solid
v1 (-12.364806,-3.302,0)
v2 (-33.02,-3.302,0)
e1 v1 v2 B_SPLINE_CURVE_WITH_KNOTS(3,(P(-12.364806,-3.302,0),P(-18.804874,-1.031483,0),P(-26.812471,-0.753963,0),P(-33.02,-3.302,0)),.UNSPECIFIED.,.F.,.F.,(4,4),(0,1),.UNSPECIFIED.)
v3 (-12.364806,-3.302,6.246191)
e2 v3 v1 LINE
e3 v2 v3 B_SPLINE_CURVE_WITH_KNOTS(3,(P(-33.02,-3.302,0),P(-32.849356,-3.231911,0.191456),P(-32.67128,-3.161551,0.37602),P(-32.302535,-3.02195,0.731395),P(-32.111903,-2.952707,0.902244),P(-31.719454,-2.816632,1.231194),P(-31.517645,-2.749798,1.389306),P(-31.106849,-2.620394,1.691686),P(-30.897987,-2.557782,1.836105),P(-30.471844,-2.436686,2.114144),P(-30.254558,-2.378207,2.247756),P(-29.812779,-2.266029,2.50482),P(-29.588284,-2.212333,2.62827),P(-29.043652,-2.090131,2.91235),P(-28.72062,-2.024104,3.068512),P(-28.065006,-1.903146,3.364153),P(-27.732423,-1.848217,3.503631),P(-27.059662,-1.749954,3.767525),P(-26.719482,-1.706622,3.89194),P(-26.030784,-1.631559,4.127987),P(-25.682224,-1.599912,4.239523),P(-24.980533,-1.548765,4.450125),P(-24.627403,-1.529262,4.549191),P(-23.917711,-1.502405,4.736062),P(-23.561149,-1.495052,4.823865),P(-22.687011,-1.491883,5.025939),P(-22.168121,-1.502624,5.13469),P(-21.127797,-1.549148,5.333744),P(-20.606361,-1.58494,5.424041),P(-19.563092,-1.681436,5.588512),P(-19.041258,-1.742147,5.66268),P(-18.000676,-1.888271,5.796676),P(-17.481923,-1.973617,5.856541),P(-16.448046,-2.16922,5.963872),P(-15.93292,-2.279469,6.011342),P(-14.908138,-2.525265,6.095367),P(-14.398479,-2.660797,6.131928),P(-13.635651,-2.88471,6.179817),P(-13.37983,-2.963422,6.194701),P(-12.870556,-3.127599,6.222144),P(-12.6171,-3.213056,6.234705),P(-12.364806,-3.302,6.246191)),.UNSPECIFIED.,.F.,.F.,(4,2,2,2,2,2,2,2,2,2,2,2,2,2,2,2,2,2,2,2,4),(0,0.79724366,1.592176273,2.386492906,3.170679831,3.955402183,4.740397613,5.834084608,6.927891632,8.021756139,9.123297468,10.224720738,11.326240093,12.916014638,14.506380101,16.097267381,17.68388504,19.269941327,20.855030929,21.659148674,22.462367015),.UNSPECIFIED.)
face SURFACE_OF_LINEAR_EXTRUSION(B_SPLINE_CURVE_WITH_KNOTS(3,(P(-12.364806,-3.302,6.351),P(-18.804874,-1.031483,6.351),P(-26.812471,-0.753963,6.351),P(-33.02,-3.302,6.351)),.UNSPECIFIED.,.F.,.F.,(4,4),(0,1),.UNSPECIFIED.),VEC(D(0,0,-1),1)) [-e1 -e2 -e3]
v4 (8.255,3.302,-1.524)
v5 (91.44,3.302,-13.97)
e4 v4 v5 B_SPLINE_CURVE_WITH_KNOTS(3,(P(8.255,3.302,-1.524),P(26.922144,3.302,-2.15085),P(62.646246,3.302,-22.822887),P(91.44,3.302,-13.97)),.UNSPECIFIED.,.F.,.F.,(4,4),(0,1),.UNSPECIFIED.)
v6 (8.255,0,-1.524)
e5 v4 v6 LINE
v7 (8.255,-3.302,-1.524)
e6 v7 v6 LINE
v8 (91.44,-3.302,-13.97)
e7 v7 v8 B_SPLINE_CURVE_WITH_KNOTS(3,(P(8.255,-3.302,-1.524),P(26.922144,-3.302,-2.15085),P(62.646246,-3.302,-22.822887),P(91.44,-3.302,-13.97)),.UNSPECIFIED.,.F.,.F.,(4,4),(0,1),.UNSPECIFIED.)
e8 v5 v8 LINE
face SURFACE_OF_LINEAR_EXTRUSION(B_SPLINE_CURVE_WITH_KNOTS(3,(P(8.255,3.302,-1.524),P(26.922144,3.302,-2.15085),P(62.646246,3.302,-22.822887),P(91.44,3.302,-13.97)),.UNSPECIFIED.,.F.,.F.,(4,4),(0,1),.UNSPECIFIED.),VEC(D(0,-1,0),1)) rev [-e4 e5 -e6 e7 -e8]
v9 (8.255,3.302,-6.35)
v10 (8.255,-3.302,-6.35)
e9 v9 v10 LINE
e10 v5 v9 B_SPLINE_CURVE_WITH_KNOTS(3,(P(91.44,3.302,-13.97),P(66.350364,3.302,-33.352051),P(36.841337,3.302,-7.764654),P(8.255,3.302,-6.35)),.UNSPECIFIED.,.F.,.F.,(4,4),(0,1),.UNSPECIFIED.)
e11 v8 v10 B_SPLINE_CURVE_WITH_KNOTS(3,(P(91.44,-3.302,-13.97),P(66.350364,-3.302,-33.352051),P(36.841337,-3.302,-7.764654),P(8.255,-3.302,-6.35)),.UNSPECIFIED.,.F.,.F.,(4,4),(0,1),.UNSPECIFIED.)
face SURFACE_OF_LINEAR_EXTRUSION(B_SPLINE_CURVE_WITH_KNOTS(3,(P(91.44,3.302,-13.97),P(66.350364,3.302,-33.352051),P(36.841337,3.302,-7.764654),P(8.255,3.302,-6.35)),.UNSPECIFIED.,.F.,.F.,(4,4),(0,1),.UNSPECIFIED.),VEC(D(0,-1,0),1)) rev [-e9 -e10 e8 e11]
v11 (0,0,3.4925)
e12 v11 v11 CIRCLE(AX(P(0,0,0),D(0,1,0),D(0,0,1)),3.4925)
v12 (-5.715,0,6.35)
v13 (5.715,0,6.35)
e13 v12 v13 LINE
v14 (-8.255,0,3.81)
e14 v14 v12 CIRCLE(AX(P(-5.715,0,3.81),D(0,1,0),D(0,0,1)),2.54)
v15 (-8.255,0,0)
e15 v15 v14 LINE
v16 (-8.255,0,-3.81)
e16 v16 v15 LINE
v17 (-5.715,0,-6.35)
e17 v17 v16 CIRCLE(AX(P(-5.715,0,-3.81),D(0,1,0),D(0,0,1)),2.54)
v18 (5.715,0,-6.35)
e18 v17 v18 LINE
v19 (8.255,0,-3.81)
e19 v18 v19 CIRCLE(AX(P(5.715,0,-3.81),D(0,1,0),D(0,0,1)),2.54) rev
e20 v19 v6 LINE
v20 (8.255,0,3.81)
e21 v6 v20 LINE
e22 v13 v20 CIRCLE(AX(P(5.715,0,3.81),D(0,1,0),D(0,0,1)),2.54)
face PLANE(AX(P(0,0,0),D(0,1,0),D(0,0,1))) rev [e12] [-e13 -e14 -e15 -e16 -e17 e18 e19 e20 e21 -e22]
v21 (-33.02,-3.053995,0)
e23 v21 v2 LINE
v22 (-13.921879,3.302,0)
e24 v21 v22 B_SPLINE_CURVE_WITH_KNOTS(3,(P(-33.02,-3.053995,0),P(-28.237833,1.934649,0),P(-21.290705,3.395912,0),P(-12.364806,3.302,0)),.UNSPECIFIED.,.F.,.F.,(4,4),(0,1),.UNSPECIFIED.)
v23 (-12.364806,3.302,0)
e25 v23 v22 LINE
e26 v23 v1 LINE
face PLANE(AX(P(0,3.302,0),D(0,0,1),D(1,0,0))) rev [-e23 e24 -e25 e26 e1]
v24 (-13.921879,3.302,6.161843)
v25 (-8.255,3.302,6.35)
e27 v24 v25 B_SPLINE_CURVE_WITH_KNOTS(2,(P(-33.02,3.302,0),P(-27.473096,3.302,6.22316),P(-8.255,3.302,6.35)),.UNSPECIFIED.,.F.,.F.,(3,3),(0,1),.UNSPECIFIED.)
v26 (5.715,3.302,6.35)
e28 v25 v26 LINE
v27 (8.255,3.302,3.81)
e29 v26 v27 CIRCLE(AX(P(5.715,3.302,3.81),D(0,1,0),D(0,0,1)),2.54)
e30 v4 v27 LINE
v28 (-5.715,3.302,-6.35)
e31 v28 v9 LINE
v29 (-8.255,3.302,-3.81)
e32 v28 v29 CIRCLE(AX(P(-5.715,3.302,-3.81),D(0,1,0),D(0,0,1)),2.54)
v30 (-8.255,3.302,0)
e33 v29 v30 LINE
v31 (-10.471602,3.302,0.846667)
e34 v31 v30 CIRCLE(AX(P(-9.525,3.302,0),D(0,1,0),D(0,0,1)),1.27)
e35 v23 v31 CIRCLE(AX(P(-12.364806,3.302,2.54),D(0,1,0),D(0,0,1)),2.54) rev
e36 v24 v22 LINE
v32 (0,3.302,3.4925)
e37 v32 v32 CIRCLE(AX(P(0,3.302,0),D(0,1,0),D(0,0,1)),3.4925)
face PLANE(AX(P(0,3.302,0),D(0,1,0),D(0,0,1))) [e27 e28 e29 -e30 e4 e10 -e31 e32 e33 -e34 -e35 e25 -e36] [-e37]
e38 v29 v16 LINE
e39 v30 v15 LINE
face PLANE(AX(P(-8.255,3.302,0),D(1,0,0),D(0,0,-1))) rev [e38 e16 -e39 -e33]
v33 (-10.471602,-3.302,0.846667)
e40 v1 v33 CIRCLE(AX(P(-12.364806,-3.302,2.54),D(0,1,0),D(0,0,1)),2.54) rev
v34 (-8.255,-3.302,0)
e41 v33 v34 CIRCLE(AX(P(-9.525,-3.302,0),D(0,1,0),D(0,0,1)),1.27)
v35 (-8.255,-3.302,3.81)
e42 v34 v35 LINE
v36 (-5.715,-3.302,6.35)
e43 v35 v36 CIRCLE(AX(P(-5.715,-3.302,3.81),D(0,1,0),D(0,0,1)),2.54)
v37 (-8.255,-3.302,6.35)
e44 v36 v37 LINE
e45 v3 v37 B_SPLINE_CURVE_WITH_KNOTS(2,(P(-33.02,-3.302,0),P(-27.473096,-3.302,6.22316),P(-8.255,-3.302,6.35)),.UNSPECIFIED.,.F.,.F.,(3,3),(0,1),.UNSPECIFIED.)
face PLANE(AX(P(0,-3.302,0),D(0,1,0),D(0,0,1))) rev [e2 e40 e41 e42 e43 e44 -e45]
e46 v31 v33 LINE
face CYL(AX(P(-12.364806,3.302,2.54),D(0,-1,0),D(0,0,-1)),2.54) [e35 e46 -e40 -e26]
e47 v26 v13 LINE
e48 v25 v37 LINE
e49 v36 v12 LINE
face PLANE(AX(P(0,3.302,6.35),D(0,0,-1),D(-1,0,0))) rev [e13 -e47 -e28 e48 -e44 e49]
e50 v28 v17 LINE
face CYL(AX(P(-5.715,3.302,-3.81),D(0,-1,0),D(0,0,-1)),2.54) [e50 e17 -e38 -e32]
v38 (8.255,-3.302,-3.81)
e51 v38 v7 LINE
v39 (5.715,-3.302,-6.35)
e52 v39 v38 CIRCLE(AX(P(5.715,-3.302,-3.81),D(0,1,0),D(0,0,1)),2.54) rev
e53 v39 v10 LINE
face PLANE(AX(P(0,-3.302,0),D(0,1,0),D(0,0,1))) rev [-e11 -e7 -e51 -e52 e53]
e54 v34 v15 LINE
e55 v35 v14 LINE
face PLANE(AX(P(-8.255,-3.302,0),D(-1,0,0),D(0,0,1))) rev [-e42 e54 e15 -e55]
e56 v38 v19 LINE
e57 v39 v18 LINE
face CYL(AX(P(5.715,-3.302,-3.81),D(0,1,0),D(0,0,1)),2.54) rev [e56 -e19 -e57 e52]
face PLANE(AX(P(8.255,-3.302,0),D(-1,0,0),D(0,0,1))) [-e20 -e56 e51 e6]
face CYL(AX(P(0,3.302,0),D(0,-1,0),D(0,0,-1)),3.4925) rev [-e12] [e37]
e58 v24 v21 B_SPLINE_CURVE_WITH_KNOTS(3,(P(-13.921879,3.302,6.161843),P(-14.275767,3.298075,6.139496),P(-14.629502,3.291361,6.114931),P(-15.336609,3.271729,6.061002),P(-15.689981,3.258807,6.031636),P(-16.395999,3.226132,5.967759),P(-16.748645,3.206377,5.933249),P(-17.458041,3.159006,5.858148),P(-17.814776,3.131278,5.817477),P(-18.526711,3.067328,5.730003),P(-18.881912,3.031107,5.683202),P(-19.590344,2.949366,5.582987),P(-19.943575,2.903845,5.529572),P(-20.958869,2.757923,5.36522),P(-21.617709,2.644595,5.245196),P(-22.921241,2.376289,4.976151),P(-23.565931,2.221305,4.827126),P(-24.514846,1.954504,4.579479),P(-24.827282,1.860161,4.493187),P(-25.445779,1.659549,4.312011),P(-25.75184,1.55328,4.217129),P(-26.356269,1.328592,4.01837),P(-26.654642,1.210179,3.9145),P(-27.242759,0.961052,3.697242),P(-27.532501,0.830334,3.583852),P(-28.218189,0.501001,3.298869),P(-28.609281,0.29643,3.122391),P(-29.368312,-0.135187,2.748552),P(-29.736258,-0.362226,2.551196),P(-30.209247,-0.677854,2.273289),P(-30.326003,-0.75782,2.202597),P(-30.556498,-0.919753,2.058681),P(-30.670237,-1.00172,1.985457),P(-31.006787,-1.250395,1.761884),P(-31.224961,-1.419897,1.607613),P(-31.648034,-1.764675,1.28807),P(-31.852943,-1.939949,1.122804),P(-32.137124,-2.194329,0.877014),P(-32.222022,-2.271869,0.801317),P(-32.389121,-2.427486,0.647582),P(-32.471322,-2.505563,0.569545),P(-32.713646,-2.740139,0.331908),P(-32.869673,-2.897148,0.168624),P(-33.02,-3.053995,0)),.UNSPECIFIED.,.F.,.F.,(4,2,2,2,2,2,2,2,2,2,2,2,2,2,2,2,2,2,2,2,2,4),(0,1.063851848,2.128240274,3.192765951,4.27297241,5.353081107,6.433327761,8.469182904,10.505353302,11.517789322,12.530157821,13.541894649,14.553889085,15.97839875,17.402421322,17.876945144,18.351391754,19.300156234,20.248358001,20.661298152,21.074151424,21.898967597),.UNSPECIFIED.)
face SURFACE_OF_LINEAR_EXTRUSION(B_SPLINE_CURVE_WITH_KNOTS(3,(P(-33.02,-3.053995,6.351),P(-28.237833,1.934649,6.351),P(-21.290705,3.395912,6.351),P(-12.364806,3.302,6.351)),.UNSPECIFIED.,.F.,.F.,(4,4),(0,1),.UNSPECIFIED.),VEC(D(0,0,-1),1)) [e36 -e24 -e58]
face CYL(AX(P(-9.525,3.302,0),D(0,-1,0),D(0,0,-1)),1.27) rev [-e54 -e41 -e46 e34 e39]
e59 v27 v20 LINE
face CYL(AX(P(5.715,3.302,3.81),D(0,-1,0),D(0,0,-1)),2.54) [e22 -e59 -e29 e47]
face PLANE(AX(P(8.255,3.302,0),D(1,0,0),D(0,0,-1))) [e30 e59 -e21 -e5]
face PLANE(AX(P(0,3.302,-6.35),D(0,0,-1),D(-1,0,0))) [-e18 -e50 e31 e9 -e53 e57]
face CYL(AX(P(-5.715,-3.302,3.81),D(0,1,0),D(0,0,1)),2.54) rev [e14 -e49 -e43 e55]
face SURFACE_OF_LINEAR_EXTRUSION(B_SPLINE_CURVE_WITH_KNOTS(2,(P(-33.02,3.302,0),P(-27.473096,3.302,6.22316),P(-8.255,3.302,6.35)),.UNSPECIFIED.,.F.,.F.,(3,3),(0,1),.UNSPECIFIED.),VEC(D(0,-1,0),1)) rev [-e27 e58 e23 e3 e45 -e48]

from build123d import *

# Parameters (mm, degrees)
SKETCH1_R           = 3.4925
BOSS_EXTRUDE3_DEPTH = 3.302
BOSS_EXTRUDE4_DEPTH = 3.302
BOSS_EXTRUDE5_DEPTH = 3.302
CUT_EXTRUDE1_REACH  = 8.35


with BuildPart() as part:
    # Sketch1 → Boss-Extrude3 (new body)
    with BuildSketch(Plane(origin=(0, 0, 0), x_dir=(1, 0, 0), z_dir=(0, 1, 0))):
        with BuildLine():
            ThreePointArc((-10.47160211, -0.846666667), (-11.327855674, -0.22130784), (-12.364806331, 0))
            Line((-12.364806331, 0), (-33.02, 0))
            add(Edge.make_bspline(
                [(-33.02, 0), (-27.473096433, -6.223159861), (-8.255, -6.35)],
                knots=[0, 0, 0, 1, 1, 1], degree=2))
            Line((-8.255, -6.35), (-8.255, -3.81))
            Line((-8.255, -3.81), (-8.255, 0))
            ThreePointArc((-8.255, 0), (-9.071835946, -1.186398896), (-10.47160211, -0.846666667))
        make_face()
        with BuildLine():
            ThreePointArc((5.715, 6.35), (7.511051224, 5.606051224), (8.255, 3.81))
            Line((8.255, 3.81), (8.255, -3.81))
            ThreePointArc((8.255, -3.81), (7.511051224, -5.606051224), (5.715, -6.35))
            Line((5.715, -6.35), (-5.715, -6.35))
            ThreePointArc((-5.715, -6.35), (-7.511051224, -5.606051224), (-8.255, -3.81))
            Line((-8.255, -3.81), (-8.255, 3.81))
            ThreePointArc((-8.255, 3.81), (-7.511051224, 5.606051224), (-5.715, 6.35))
            Line((-5.715, 6.35), (5.715, 6.35))
        make_face()
        with Locations(Location((0, 0, 0), (0, 0, 270))):  # turned: the seam where the file's is
            Circle(SKETCH1_R, mode=Mode.SUBTRACT)
        with BuildLine():
            ThreePointArc((-8.255, -3.81), (-7.511051224, -5.606051224), (-5.715, -6.35))
            Line((-5.715, -6.35), (-8.255, -6.35))
            Line((-8.255, -6.35), (-8.255, -3.81))
        make_face()
        with BuildLine():
            Line((8.255, 3.527942587), (8.255, 1.524))
            add(Edge.make_bspline(
                [(8.255, 1.524), (26.922144182, 2.150849617), (62.646246262, 22.822886738), (91.44, 13.97)],
                knots=[0, 0, 0, 0, 1, 1, 1, 1], degree=3))
            add(Edge.make_bspline(
                [(91.44, 13.97), (66.350363848, 33.352051218), (36.841337127, 7.764653999), (8.255, 6.35)],
                knots=[0, 0, 0, 0, 1, 1, 1, 1], degree=3))
            Line((8.255, 6.35), (8.255, 3.81))
            Line((8.255, 3.81), (8.255, 3.527942587))
        make_face()
        with BuildLine():
            Line((8.255, 6.35), (5.715, 6.35))
            ThreePointArc((5.715, 6.35), (7.511051224, 5.606051224), (8.255, 3.81))
            Line((8.255, 3.81), (8.255, 6.35))
        make_face()
    extrude(amount=BOSS_EXTRUDE3_DEPTH)

    # Sketch1_8 → Boss-Extrude4 (add)
    with BuildSketch(Plane(origin=(0, 0, 0), x_dir=(1, 0, 0), z_dir=(0, 1, 0))):
        with BuildLine():
            Line((8.255, 3.527942587), (8.255, 1.524))
            add(Edge.make_bspline(
                [(8.255, 1.524), (26.922144182, 2.150849617), (62.646246262, 22.822886738), (91.44, 13.97)],
                knots=[0, 0, 0, 0, 1, 1, 1, 1], degree=3))
            add(Edge.make_bspline(
                [(91.44, 13.97), (66.350363848, 33.352051218), (36.841337127, 7.764653999), (8.255, 6.35)],
                knots=[0, 0, 0, 0, 1, 1, 1, 1], degree=3))
            Line((8.255, 6.35), (8.255, 3.81))
            Line((8.255, 3.81), (8.255, 3.527942587))
        make_face()
        with BuildLine():
            Line((8.255, 6.35), (5.715, 6.35))
            ThreePointArc((5.715, 6.35), (7.511051224, 5.606051224), (8.255, 3.81))
            Line((8.255, 3.81), (8.255, 6.35))
        make_face()
    extrude(amount=-BOSS_EXTRUDE4_DEPTH)

    # Sketch1_9 → Boss-Extrude5 (add)
    with BuildSketch(Plane(origin=(0, 0, 0), x_dir=(1, 0, 0), z_dir=(0, 1, 0))):
        with BuildLine():
            ThreePointArc((-10.47160211, -0.846666667), (-11.327855674, -0.22130784), (-12.364806331, 0))
            Line((-12.364806331, 0), (-33.02, 0))
            add(Edge.make_bspline(
                [(-33.02, 0), (-27.473096433, -6.223159861), (-8.255, -6.35)],
                knots=[0, 0, 0, 1, 1, 1], degree=2))
            Line((-8.255, -6.35), (-8.255, -3.81))
            Line((-8.255, -3.81), (-8.255, 0))
            ThreePointArc((-8.255, 0), (-9.071835946, -1.186398896), (-10.47160211, -0.846666667))
        make_face()
        with BuildLine():
            ThreePointArc((-8.255, -3.81), (-7.511051224, -5.606051224), (-5.715, -6.35))
            Line((-5.715, -6.35), (-8.255, -6.35))
            Line((-8.255, -6.35), (-8.255, -3.81))
        make_face()
    extrude(amount=-BOSS_EXTRUDE5_DEPTH)

    # Sketch2 → Cut-Extrude1 (cut, up to next)
    with BuildSketch(Plane.XY, mode=Mode.PRIVATE) as cut_extrude1_sk1:
        with BuildLine():
            Line((-33.02, 3.302), (-33.02, -3.053994927))
            add(Edge.make_bspline(
                [(-33.02, -3.053994927), (-28.519594092, 1.640722514), (-22.101826858, 3.211473856), (-13.921878912, 3.302)],
                knots=[0, 0, 0, 0, 0.941080878, 0.941080878, 0.941080878, 0.941080878], degree=3))
            Line((-13.921878912, 3.302), (-33.02, 3.302))
        make_face()
    cut_extrude1_tool1 = extrude(cut_extrude1_sk1.sketch, amount=CUT_EXTRUDE1_REACH, mode=Mode.PRIVATE) & part.part
    add(cut_extrude1_tool1.solids().sort_by_distance((-28.707051, 1.545014, 0))[0], mode=Mode.SUBTRACT)
    # Sketch2 → Cut-Extrude1 (cut, up to next)
    with BuildSketch(Plane.XY, mode=Mode.PRIVATE) as cut_extrude1_sk2:
        with BuildLine():
            Line((-12.364806331, -3.302), (-33.02, -3.302))
            add(Edge.make_bspline(
                [(-12.364806331, -3.302), (-18.804874471, -1.031483357), (-26.812471442, -0.753963495), (-33.02, -3.302)],
                knots=[0, 0, 0, 0, 1, 1, 1, 1], degree=3))
        make_face()
    cut_extrude1_tool2 = extrude(cut_extrude1_sk2.sketch, amount=CUT_EXTRUDE1_REACH, mode=Mode.PRIVATE) & part.part
    add(cut_extrude1_tool2.solids().sort_by_distance((-22.84596, -2.573969, 0))[0], mode=Mode.SUBTRACT)


solid = part.part
